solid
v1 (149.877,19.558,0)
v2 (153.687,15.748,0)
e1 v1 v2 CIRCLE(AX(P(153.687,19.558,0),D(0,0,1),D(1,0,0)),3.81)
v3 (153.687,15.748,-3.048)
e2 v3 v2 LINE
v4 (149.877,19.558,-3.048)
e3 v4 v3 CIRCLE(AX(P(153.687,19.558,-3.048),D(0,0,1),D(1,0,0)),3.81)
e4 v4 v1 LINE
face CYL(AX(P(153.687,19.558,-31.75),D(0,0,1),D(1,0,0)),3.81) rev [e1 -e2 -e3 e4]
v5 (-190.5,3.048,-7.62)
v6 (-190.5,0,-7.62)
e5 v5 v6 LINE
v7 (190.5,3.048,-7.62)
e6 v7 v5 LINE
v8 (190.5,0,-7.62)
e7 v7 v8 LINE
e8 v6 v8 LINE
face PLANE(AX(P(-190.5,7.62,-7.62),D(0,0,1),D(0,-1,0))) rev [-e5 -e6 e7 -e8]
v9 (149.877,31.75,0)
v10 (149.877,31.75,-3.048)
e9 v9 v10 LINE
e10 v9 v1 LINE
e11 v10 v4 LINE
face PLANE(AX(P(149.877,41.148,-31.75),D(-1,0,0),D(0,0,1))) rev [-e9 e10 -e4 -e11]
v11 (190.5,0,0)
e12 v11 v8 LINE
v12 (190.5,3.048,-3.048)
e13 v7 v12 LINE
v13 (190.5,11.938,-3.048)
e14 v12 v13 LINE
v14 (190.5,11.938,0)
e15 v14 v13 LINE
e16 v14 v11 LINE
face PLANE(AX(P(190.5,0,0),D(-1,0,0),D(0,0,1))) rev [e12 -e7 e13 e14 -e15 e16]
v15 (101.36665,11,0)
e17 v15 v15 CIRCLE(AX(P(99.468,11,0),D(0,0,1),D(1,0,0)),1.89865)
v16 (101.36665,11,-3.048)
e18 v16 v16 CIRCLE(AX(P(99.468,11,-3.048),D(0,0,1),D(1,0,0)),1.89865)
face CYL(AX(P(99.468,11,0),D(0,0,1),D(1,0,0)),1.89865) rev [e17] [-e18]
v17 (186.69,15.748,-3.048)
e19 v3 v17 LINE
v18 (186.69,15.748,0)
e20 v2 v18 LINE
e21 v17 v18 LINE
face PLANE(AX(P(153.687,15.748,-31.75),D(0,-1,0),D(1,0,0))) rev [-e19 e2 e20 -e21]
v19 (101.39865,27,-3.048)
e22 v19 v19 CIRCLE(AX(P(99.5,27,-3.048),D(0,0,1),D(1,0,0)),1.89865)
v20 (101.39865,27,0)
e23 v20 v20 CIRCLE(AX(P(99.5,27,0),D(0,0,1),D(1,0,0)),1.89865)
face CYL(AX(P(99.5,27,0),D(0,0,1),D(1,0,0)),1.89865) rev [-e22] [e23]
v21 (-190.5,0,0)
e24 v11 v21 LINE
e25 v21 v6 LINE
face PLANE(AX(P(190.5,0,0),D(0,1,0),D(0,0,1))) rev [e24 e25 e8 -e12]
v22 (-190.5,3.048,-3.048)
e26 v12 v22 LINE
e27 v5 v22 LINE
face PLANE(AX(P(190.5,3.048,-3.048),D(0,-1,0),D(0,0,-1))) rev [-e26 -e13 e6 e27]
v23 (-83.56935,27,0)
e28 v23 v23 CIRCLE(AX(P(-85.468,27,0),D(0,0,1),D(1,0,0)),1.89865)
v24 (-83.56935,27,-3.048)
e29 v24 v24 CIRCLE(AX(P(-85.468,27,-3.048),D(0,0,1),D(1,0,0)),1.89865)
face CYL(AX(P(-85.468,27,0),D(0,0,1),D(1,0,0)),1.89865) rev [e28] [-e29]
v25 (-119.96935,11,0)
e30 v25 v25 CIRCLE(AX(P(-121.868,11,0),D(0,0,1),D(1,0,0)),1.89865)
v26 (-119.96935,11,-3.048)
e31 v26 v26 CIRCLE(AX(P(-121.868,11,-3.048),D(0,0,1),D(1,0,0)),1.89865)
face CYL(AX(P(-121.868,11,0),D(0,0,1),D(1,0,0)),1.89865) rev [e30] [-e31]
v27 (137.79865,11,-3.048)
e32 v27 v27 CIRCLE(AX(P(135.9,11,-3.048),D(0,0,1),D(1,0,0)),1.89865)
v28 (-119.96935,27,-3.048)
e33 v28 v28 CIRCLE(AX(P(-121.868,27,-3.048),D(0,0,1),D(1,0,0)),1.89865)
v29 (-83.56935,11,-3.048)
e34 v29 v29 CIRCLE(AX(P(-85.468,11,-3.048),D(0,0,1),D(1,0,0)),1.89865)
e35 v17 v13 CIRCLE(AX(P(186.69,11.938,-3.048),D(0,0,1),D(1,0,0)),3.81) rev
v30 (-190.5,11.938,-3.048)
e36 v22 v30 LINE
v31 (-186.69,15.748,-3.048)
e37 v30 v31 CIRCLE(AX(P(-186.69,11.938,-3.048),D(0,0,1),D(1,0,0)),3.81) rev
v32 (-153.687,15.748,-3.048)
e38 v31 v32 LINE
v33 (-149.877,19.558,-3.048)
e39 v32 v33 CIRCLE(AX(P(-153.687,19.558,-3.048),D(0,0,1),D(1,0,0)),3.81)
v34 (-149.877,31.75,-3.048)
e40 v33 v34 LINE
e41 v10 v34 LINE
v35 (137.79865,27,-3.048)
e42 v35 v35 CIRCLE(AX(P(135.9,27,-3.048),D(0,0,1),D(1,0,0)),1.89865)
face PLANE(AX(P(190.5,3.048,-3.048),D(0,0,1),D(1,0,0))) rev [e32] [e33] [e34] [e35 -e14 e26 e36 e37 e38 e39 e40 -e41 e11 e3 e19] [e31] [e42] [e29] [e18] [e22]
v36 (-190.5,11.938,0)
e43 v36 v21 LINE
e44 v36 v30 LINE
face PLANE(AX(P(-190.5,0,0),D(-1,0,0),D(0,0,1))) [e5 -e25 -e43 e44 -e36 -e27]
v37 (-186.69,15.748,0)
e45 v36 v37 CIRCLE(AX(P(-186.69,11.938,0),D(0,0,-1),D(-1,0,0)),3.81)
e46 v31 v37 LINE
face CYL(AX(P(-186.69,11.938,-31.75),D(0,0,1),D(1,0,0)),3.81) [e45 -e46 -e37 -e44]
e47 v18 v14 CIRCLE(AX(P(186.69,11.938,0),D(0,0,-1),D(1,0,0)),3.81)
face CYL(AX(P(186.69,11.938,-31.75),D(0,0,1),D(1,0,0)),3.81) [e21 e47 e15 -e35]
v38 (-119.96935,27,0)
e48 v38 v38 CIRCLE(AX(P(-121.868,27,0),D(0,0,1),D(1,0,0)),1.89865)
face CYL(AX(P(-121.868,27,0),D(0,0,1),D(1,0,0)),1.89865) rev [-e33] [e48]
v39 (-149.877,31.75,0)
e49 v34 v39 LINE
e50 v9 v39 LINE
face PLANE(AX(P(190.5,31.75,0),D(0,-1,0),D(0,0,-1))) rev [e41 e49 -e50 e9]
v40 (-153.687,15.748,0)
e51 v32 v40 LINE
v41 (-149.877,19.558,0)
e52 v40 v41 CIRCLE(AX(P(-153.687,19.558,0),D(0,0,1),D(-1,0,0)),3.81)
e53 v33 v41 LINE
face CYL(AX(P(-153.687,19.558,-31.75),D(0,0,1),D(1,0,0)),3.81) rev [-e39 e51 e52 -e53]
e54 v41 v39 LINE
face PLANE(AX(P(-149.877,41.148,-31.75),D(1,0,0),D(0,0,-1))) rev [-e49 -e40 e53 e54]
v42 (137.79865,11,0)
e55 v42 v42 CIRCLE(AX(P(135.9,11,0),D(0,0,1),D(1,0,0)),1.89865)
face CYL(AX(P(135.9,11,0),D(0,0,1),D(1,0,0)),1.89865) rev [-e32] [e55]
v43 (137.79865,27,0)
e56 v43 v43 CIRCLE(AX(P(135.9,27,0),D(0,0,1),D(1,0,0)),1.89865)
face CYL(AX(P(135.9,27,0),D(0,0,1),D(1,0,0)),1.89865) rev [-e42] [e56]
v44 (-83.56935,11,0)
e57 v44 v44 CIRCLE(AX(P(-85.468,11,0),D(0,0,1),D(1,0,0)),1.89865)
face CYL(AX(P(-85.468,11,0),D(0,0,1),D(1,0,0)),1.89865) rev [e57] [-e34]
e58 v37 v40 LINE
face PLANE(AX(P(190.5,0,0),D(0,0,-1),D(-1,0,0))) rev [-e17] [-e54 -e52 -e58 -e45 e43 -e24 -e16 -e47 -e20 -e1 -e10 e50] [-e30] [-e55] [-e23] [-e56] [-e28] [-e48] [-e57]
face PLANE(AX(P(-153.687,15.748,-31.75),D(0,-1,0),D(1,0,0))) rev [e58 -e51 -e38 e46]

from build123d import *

# Parameters (mm, degrees)
BOSS_EXTRUDE1_DEPTH     = 190.5
F_6_CLEARANCE_HOLE1_D   = 3.7973
CUT_EXTRUDE1_DEPTH      = 32.75
SKETCH6_W               = 25.4
SKETCH6_H               = 15.24
CUT_EXTRUDE2_DEPTH      = 191.5
CUT_EXTRUDE2_DEPTH_BACK = 191.5


with BuildPart() as part:
    # Sketch1 → Boss-Extrude1 (new body, symmetric)
    with BuildSketch(Plane(origin=(0, 0, 0), x_dir=(0, 0, -1), z_dir=(1, 0, 0))):
        Polygon((0, 0), (31.75, 0), (31.75, 3.048), (3.048, 3.048), (3.048, 31.75), (0, 31.75), align=None)
    extrude(amount=BOSS_EXTRUDE1_DEPTH, both=True)

    # #6 Clearance Hole1 (through all)
    with Locations(Plane.XY):
        with Locations((135.9, 27), (135.9, 11), (99.5, 27), (99.468, 11), (-121.868, 27), (-121.868, 11), (-85.468, 11), (-85.468, 27)):
            Hole(F_6_CLEARANCE_HOLE1_D / 2)

    # Sketch5 → Cut-Extrude1 (cut, through all)
    with BuildSketch(Plane.XY):
        with BuildLine():
            Line((149.877, 41.148), (149.877, 19.558))
            ThreePointArc((149.877, 19.558), (150.992923164, 16.863923164), (153.687, 15.748))
            Line((153.687, 15.748), (186.69, 15.748))
            ThreePointArc((186.69, 15.748), (189.384076836, 14.632076836), (190.5, 11.938))
            Line((190.5, 11.938), (190.5, -9.652))
            Line((190.5, -9.652), (198.12, -9.652))
            Line((198.12, -9.652), (198.12, 41.148))
            Line((198.12, 41.148), (149.877, 41.148))
        make_face()
        with BuildLine():
            Line((-198.12, 41.148), (-149.877, 41.148))
            Line((-149.877, 41.148), (-149.877, 19.558))
            ThreePointArc((-149.877, 19.558), (-150.992923164, 16.863923164), (-153.687, 15.748))
            Line((-153.687, 15.748), (-186.69, 15.748))
            ThreePointArc((-186.69, 15.748), (-189.384076836, 14.632076836), (-190.5, 11.938))
            Line((-190.5, 11.938), (-190.5, -9.652))
            Line((-190.5, -9.652), (-198.12, -9.652))
            Line((-198.12, -9.652), (-198.12, 41.148))
        make_face()
    extrude(amount=-CUT_EXTRUDE1_DEPTH, mode=Mode.SUBTRACT)

    # Sketch6 → Cut-Extrude2 (cut, two sides)
    with BuildSketch(Plane(origin=(0, 0, 0), x_dir=(0, 0, -1), z_dir=(1, 0, 0))) as cut_extrude2_sk:
        with Locations((20.32, 0)):
            Rectangle(SKETCH6_W, SKETCH6_H)
    extrude(amount=CUT_EXTRUDE2_DEPTH, mode=Mode.SUBTRACT)
    extrude(cut_extrude2_sk.sketch, amount=-CUT_EXTRUDE2_DEPTH_BACK, mode=Mode.SUBTRACT)


solid = part.part
